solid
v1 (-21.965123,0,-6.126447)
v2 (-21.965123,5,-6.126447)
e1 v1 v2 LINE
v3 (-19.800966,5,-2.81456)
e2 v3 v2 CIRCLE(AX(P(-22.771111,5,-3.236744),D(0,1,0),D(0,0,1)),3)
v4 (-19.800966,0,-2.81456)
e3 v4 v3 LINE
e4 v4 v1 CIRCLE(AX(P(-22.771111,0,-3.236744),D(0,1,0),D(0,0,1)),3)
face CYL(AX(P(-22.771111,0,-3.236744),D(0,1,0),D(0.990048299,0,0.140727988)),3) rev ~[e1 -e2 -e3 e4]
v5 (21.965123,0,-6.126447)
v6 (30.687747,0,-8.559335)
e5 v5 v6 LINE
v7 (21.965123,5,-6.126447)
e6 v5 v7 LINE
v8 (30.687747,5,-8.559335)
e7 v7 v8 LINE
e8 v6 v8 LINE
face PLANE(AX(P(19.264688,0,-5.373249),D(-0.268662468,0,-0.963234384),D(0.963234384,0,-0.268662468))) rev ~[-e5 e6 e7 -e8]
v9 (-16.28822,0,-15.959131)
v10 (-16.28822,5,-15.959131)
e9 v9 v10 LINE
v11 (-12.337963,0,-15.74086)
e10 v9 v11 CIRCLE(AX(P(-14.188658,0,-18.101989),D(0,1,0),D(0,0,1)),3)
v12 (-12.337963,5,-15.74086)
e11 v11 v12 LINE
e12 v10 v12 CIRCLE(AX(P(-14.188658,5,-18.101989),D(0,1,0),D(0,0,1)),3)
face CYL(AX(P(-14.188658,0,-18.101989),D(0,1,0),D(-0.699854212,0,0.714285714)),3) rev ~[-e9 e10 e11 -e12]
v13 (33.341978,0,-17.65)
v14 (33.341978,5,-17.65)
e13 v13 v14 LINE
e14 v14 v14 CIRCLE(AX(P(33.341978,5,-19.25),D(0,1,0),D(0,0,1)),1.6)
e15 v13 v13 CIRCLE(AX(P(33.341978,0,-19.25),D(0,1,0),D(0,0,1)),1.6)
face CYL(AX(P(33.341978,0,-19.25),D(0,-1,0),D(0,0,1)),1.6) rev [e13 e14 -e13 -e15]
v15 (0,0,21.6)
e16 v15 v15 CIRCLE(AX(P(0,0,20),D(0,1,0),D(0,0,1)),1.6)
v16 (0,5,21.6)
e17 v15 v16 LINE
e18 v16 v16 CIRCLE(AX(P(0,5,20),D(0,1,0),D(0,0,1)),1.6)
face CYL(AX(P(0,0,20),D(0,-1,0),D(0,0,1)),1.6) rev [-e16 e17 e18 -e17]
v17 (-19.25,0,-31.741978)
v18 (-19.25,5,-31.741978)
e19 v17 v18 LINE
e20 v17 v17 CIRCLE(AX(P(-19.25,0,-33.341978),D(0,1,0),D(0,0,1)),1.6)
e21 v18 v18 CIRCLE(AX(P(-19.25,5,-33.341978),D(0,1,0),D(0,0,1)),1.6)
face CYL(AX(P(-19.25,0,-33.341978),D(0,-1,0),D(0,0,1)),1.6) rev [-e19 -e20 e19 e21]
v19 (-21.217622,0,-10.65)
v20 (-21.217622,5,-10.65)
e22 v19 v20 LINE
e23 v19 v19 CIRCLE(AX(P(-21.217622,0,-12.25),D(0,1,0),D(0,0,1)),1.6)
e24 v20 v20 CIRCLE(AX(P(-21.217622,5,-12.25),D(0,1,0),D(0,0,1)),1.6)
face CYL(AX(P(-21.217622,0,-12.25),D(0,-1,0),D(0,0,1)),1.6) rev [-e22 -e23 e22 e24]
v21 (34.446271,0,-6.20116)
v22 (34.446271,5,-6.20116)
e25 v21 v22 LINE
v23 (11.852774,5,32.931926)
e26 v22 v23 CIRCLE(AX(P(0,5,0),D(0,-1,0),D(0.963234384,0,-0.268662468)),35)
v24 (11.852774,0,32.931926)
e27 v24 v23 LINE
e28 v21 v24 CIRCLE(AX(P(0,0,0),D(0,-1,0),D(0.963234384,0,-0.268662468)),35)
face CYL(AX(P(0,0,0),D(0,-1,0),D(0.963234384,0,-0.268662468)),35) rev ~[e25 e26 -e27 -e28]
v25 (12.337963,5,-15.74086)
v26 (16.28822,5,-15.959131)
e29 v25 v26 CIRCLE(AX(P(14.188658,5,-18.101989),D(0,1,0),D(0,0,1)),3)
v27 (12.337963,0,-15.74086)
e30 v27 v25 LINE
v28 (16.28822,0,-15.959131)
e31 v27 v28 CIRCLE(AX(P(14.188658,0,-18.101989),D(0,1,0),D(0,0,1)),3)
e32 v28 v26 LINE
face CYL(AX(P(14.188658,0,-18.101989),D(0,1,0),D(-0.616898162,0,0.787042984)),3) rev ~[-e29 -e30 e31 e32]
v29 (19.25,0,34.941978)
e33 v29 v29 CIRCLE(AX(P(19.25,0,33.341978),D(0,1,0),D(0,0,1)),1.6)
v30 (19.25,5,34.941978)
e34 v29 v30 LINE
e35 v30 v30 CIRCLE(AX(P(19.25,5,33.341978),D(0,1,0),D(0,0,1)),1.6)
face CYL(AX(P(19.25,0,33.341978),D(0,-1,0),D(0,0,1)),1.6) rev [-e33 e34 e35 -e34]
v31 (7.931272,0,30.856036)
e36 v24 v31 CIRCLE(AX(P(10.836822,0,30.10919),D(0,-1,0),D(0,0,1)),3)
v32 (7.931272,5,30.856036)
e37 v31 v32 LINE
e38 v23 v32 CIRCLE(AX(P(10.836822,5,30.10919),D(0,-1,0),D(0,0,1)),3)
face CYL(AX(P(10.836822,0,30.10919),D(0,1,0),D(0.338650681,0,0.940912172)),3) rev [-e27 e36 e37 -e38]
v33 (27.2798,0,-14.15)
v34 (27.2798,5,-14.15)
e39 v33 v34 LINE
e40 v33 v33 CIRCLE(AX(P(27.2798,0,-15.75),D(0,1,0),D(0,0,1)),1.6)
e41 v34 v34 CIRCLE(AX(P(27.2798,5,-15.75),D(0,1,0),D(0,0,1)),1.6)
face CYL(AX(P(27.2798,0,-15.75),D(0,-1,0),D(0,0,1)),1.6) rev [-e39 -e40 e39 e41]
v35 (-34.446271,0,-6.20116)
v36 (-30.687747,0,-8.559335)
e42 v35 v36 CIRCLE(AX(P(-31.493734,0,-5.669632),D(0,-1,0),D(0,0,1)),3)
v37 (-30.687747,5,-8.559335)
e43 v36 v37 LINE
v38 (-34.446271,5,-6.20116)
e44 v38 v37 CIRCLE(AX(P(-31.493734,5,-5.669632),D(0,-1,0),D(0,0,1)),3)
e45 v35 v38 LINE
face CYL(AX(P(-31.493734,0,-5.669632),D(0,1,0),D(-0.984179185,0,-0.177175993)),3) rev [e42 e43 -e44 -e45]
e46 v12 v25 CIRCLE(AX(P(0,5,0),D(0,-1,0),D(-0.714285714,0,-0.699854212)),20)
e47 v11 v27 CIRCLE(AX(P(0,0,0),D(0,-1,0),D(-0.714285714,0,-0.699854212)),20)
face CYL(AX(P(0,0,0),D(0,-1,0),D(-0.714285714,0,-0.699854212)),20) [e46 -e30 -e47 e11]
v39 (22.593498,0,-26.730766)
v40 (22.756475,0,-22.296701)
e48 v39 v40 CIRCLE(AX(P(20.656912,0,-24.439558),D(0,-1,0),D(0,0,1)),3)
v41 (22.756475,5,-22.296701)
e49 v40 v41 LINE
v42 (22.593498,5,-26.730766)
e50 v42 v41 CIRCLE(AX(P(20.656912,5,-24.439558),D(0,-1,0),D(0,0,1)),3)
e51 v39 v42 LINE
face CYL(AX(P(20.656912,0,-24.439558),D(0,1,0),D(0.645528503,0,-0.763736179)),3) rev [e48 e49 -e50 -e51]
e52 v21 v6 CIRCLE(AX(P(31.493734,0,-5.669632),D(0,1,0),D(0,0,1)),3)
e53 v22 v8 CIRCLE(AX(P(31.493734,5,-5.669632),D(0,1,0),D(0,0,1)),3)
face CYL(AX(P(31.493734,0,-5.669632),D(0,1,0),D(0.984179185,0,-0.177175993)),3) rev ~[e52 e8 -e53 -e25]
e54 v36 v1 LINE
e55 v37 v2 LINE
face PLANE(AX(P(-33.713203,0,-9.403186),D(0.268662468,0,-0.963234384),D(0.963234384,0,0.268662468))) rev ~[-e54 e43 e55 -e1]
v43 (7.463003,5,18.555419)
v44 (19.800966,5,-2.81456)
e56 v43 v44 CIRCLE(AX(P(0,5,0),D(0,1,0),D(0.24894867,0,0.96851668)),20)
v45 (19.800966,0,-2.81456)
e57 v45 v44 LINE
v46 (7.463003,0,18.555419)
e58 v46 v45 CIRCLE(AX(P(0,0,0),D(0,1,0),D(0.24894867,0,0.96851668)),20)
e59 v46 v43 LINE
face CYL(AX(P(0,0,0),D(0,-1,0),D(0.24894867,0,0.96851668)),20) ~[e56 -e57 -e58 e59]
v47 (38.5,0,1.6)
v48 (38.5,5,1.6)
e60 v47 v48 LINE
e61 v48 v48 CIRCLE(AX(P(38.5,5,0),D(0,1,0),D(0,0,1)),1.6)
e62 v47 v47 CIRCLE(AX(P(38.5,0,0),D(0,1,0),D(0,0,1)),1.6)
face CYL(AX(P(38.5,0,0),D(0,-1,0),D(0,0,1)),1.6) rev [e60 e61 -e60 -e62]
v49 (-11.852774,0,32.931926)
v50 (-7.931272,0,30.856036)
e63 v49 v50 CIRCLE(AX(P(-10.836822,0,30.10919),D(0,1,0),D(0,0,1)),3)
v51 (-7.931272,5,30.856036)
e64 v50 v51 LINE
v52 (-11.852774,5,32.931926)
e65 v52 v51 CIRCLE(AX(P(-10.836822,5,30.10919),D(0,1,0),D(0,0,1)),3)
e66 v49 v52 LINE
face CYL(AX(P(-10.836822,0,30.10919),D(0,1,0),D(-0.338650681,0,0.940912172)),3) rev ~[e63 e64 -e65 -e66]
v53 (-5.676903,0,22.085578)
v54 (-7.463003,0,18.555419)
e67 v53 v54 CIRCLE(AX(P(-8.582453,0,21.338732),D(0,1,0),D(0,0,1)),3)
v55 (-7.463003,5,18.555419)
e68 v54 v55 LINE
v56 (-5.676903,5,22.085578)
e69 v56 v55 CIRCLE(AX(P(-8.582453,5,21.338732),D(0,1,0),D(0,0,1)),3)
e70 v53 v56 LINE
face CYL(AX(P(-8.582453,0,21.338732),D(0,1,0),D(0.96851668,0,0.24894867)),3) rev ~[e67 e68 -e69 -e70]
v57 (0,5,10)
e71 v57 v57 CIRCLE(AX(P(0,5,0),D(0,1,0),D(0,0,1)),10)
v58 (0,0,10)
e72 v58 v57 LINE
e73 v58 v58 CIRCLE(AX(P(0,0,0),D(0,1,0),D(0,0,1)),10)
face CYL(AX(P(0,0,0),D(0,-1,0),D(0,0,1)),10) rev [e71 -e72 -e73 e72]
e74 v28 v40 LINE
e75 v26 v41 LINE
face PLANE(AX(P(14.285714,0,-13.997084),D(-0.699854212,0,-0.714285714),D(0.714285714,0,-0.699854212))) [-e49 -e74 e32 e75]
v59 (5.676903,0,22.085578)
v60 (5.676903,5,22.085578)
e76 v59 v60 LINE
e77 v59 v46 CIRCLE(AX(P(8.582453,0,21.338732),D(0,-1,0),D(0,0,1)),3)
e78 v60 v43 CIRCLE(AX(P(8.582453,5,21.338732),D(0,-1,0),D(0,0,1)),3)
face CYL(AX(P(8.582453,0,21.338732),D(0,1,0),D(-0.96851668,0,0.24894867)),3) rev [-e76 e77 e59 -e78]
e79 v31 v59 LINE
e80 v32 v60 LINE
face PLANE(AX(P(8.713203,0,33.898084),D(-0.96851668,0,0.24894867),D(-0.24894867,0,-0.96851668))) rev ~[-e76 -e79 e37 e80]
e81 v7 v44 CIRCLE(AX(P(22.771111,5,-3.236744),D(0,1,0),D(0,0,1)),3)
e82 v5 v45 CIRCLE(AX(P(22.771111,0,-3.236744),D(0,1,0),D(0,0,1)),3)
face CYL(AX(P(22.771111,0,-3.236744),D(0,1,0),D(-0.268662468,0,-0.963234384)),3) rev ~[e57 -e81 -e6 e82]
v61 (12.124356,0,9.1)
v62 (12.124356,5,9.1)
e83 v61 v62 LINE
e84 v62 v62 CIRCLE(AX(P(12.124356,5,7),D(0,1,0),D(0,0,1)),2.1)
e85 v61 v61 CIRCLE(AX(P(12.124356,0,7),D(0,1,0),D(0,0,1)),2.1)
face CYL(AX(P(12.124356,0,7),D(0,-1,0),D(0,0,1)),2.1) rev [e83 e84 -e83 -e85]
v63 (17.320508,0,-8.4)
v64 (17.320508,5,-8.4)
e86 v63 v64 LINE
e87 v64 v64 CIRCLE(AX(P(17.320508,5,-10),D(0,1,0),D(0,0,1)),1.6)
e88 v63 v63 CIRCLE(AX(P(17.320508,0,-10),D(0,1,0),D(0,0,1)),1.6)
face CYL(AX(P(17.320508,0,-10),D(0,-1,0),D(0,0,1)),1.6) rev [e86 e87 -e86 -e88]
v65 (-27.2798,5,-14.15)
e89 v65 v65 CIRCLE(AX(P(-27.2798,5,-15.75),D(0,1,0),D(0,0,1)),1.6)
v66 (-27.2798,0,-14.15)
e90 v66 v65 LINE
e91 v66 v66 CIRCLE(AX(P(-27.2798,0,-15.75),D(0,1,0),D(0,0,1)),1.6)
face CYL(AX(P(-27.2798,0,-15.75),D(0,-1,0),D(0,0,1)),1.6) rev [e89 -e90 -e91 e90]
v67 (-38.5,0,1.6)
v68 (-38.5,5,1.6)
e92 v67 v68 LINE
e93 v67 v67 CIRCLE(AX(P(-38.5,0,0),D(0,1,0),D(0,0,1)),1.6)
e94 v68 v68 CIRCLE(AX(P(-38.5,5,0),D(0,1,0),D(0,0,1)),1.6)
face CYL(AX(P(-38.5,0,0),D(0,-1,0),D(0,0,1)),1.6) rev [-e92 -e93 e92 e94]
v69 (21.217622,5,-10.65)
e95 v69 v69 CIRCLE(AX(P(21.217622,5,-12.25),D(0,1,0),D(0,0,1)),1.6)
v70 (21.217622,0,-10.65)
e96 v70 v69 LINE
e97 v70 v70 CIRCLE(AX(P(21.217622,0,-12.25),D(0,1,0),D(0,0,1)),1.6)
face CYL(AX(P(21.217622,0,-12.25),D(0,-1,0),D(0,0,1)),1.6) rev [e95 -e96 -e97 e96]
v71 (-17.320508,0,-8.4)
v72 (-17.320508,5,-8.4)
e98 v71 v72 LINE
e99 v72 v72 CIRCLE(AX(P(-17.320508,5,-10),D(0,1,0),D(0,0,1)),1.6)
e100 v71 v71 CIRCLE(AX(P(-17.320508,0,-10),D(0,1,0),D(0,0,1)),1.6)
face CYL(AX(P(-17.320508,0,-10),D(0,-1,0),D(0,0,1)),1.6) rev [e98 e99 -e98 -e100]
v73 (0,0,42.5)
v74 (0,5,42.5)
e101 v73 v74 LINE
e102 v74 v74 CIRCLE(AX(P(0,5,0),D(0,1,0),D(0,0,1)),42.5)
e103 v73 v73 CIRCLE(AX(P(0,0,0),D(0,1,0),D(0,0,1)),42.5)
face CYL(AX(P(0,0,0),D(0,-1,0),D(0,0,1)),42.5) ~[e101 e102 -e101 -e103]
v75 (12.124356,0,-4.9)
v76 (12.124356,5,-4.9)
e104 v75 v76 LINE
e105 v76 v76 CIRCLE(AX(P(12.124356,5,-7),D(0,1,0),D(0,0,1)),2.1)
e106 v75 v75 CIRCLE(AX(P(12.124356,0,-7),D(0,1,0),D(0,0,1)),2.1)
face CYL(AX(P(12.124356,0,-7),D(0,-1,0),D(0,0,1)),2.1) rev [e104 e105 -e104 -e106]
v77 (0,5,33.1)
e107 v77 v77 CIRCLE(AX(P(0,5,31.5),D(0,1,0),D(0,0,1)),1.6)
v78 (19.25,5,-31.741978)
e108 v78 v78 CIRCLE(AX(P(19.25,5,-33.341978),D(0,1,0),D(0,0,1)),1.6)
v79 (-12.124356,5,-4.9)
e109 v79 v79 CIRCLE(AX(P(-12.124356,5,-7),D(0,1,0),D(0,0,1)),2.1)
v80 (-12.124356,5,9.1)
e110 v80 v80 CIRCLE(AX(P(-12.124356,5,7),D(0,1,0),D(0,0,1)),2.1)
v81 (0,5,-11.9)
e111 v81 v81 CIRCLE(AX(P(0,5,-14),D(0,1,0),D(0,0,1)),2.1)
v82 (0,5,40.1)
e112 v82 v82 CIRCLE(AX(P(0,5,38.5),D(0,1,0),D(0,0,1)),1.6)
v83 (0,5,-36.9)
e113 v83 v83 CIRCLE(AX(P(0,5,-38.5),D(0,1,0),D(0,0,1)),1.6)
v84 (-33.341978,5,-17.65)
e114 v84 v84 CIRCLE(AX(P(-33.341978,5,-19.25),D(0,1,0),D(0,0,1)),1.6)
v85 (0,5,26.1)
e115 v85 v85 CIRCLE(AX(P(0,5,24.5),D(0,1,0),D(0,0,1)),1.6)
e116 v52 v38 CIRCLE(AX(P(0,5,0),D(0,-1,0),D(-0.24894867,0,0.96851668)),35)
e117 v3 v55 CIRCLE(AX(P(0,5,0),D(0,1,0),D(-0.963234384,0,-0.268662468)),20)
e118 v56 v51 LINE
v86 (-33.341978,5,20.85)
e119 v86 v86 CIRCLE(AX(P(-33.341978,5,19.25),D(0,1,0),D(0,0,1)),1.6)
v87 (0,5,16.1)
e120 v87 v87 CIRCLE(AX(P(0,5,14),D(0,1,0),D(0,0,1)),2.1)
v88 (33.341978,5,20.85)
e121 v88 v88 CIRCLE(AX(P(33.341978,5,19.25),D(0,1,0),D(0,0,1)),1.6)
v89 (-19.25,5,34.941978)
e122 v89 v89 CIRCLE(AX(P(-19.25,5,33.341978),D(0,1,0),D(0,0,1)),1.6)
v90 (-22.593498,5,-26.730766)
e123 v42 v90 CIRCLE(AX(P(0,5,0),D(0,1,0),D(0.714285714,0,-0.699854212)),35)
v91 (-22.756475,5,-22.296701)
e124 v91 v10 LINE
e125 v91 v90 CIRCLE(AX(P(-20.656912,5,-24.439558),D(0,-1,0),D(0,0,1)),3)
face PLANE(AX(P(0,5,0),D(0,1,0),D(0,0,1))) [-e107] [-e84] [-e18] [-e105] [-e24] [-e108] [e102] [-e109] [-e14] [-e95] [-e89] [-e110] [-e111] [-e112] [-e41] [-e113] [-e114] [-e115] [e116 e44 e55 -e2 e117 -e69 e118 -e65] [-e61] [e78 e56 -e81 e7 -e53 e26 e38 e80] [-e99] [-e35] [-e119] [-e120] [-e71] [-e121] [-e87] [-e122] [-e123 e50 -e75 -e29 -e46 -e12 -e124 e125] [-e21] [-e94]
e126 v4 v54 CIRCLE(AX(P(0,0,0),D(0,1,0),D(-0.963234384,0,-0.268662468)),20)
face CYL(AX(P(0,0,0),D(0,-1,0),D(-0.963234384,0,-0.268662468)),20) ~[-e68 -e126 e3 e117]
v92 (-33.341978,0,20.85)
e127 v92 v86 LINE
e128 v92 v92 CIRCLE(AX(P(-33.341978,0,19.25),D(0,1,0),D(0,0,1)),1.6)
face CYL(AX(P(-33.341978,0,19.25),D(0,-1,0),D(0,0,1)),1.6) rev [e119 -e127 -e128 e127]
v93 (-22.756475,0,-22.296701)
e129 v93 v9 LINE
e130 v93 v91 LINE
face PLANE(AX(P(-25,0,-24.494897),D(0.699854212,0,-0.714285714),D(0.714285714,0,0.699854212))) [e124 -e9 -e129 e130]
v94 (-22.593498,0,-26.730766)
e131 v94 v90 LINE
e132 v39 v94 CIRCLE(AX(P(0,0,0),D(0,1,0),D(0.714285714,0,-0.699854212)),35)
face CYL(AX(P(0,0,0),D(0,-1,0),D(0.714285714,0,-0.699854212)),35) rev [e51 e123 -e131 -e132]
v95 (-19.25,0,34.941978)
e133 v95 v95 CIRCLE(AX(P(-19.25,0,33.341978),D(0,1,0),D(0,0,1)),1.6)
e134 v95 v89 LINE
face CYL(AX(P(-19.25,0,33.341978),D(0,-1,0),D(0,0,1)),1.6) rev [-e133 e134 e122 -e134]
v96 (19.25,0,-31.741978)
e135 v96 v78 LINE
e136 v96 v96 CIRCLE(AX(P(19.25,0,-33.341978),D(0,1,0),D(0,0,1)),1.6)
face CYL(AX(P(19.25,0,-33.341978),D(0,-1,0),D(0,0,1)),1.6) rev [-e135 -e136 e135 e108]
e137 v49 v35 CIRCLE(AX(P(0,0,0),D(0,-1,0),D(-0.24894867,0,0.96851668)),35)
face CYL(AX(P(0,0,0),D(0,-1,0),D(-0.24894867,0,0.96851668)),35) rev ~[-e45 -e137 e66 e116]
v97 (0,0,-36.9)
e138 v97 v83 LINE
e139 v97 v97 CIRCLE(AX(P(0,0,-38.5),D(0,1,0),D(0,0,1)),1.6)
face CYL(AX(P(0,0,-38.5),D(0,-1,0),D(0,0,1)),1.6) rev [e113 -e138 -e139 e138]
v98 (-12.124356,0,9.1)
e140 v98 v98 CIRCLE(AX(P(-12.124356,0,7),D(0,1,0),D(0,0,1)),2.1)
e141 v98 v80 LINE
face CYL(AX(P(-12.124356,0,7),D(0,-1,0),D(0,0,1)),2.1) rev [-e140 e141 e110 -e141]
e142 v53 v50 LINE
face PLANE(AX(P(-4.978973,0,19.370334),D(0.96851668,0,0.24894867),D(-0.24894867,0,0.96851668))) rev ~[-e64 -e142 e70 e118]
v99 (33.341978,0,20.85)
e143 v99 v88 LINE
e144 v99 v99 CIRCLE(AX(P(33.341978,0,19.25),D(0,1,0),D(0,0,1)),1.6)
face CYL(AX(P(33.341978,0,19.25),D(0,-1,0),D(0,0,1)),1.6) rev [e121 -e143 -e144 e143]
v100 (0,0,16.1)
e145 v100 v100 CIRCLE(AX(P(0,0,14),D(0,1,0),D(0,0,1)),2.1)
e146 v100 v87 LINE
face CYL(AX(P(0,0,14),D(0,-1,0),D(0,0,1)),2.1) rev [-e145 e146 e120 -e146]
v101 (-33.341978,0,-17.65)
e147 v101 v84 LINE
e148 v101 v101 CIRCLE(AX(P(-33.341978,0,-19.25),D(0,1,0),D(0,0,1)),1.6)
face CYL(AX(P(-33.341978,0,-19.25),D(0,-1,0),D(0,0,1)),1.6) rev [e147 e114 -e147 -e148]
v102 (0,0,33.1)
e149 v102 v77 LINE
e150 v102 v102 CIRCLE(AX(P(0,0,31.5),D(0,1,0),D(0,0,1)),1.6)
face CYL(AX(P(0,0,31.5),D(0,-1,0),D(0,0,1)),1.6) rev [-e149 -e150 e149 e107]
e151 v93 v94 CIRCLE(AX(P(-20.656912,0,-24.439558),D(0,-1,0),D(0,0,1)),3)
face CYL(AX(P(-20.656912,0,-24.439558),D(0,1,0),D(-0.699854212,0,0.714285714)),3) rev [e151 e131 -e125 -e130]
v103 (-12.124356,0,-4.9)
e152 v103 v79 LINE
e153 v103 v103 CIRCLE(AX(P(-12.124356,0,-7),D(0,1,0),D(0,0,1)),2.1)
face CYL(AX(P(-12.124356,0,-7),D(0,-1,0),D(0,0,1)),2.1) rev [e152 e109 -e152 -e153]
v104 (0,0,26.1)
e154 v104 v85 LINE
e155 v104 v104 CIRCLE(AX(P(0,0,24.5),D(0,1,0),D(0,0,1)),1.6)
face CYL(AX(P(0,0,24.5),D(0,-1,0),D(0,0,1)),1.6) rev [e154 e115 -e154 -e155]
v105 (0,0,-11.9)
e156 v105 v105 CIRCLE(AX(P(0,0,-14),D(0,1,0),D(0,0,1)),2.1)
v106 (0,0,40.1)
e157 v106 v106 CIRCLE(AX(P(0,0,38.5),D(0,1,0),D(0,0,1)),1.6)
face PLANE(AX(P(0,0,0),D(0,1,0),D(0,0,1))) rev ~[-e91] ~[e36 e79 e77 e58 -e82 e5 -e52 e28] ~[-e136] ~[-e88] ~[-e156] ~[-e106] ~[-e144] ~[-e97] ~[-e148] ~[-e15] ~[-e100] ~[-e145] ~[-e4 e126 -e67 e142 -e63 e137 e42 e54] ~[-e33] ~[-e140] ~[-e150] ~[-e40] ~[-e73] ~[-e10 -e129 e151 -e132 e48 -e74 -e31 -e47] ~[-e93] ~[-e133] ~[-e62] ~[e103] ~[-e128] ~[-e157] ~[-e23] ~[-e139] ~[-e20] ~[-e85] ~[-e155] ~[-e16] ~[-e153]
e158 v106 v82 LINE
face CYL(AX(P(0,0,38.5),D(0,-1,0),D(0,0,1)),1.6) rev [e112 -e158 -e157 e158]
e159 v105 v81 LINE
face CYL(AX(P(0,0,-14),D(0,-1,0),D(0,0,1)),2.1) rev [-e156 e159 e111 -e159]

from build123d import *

# Parameters (mm, degrees)
SKETCH_1_R      = 42.5
SKETCH_1_R_2    = 10
SKETCH_1_R_3    = 2.1
SKETCH_1_R_4    = 1.6
EXTRUDE_1_DEPTH = 5
FILLET_1_R      = 3


with BuildPart() as part:
    # 草图1 → 凸台-拉伸1 (new body)
    with BuildSketch(Plane(origin=(0, 0, 0), x_dir=(1, 0, 0), z_dir=(0, 1, 0))):
        with Locations(Location((0, 0, 0), (0, 0, 270))):
            Circle(SKETCH_1_R)
        with Locations(Location((0, 0, 0), (0, 0, 270))):
            Circle(SKETCH_1_R_2, mode=Mode.SUBTRACT)
        with Locations(Location((0, 14, 0), (0, 0, 270))):
            Circle(SKETCH_1_R_3, mode=Mode.SUBTRACT)
        with Locations(Location((12.124355653, 7, 0), (0, 0, 270))):
            Circle(SKETCH_1_R_3, mode=Mode.SUBTRACT)
        with Locations(Location((12.124355653, -7, 0), (0, 0, 270))):
            Circle(SKETCH_1_R_3, mode=Mode.SUBTRACT)
        with Locations(Location((0, -14, 0), (0, 0, 270))):
            Circle(SKETCH_1_R_3, mode=Mode.SUBTRACT)
        with Locations(Location((-12.124355653, -7, 0), (0, 0, 270))):
            Circle(SKETCH_1_R_3, mode=Mode.SUBTRACT)
        with Locations(Location((-12.124355653, 7, 0), (0, 0, 270))):
            Circle(SKETCH_1_R_3, mode=Mode.SUBTRACT)
        with Locations(Location((0, 38.5, 0), (0, 0, 270))):
            Circle(SKETCH_1_R_4, mode=Mode.SUBTRACT)
        with Locations(Location((19.25, 33.341978046, 0), (0, 0, 270))):
            Circle(SKETCH_1_R_4, mode=Mode.SUBTRACT)
        with Locations(Location((33.341978046, 19.25, 0), (0, 0, 270))):
            Circle(SKETCH_1_R_4, mode=Mode.SUBTRACT)
        with Locations(Location((38.5, 0, 0), (0, 0, 270))):
            Circle(SKETCH_1_R_4, mode=Mode.SUBTRACT)
        with Locations(Location((33.341978046, -19.25, 0), (0, 0, 270))):
            Circle(SKETCH_1_R_4, mode=Mode.SUBTRACT)
        with Locations(Location((19.25, -33.341978046, 0), (0, 0, 270))):
            Circle(SKETCH_1_R_4, mode=Mode.SUBTRACT)
        with Locations(Location((0, -38.5, 0), (0, 0, 270))):
            Circle(SKETCH_1_R_4, mode=Mode.SUBTRACT)
        with Locations(Location((-19.25, -33.341978046, 0), (0, 0, 270))):
            Circle(SKETCH_1_R_4, mode=Mode.SUBTRACT)
        with Locations(Location((-33.341978046, -19.25, 0), (0, 0, 270))):
            Circle(SKETCH_1_R_4, mode=Mode.SUBTRACT)
        with Locations(Location((-38.5, 0, 0), (0, 0, 270))):
            Circle(SKETCH_1_R_4, mode=Mode.SUBTRACT)
        with Locations(Location((-33.341978046, 19.25, 0), (0, 0, 270))):
            Circle(SKETCH_1_R_4, mode=Mode.SUBTRACT)
        with Locations(Location((-19.25, 33.341978046, 0), (0, 0, 270))):
            Circle(SKETCH_1_R_4, mode=Mode.SUBTRACT)
        with Locations(Location((-27.279800219, 15.75, 0), (0, 0, 270))):
            Circle(SKETCH_1_R_4, mode=Mode.SUBTRACT)
        with Locations(Location((-21.217622393, 12.25, 0), (0, 0, 270))):
            Circle(SKETCH_1_R_4, mode=Mode.SUBTRACT)
        with Locations(Location((-17.320508076, 10, 0), (0, 0, 270))):
            Circle(SKETCH_1_R_4, mode=Mode.SUBTRACT)
        with Locations(Location((27.279800219, 15.75, 0), (0, 0, 270))):
            Circle(SKETCH_1_R_4, mode=Mode.SUBTRACT)
        with Locations(Location((21.217622393, 12.25, 0), (0, 0, 270))):
            Circle(SKETCH_1_R_4, mode=Mode.SUBTRACT)
        with Locations(Location((17.320508076, 10, 0), (0, 0, 270))):
            Circle(SKETCH_1_R_4, mode=Mode.SUBTRACT)
        with Locations(Location((0, -31.5, 0), (0, 0, 270))):
            Circle(SKETCH_1_R_4, mode=Mode.SUBTRACT)
        with Locations(Location((0, -24.5, 0), (0, 0, 270))):
            Circle(SKETCH_1_R_4, mode=Mode.SUBTRACT)
        with Locations(Location((0, -20, 0), (0, 0, 270))):
            Circle(SKETCH_1_R_4, mode=Mode.SUBTRACT)
        with BuildLine():
            Line((-25, 24.494897428), (-14.285714286, 13.997084244))
            ThreePointArc((-14.285714286, 13.997084244), (0, 20), (14.285714286, 13.997084244))
            Line((14.285714286, 13.997084244), (25, 24.494897428))
            ThreePointArc((25, 24.494897428), (0, 35), (-25, 24.494897428))
        make_face(mode=Mode.SUBTRACT)
        with BuildLine():
            Line((8.713203436, -33.898083809), (4.978973392, -19.370333605))
            ThreePointArc((4.978973392, -19.370333605), (17.320508076, -10), (19.264687677, 5.37324936))
            Line((19.264687677, 5.37324936), (33.713203436, 9.403186381))
            ThreePointArc((33.713203436, 9.403186381), (30.310889132, -17.5), (8.713203436, -33.898083809))
        make_face(mode=Mode.SUBTRACT)
        with BuildLine():
            Line((-33.713203436, 9.403186381), (-19.264687677, 5.37324936))
            ThreePointArc((-19.264687677, 5.37324936), (-17.320508076, -10), (-4.978973392, -19.370333605))
            Line((-4.978973392, -19.370333605), (-8.713203436, -33.898083809))
            ThreePointArc((-8.713203436, -33.898083809), (-30.310889132, -17.5), (-33.713203436, 9.403186381))
        make_face(mode=Mode.SUBTRACT)
    extrude(amount=EXTRUDE_1_DEPTH)

    # 圆角1
    fillet_1_edges = [part.edges().sort_by_distance(p)[0] for p in [
        (8.713203436, 2.5, 33.898083809),
        (33.713203436, 2.5, -9.403186381),
        (19.264687677, 2.5, -5.37324936),
        (4.978973392, 2.5, 19.370333605),
        (-33.713203436, 2.5, -9.403186381),
        (-8.713203436, 2.5, 33.898083809),
        (-4.978973392, 2.5, 19.370333605),
        (-19.264687677, 2.5, -5.37324936),
        (25, 2.5, -24.494897428),
        (-25, 2.5, -24.494897428),
        (-14.285714286, 2.5, -13.997084244),
        (14.285714286, 2.5, -13.997084244),
    ]]
    fillet(fillet_1_edges, radius=FILLET_1_R)


solid = part.part
